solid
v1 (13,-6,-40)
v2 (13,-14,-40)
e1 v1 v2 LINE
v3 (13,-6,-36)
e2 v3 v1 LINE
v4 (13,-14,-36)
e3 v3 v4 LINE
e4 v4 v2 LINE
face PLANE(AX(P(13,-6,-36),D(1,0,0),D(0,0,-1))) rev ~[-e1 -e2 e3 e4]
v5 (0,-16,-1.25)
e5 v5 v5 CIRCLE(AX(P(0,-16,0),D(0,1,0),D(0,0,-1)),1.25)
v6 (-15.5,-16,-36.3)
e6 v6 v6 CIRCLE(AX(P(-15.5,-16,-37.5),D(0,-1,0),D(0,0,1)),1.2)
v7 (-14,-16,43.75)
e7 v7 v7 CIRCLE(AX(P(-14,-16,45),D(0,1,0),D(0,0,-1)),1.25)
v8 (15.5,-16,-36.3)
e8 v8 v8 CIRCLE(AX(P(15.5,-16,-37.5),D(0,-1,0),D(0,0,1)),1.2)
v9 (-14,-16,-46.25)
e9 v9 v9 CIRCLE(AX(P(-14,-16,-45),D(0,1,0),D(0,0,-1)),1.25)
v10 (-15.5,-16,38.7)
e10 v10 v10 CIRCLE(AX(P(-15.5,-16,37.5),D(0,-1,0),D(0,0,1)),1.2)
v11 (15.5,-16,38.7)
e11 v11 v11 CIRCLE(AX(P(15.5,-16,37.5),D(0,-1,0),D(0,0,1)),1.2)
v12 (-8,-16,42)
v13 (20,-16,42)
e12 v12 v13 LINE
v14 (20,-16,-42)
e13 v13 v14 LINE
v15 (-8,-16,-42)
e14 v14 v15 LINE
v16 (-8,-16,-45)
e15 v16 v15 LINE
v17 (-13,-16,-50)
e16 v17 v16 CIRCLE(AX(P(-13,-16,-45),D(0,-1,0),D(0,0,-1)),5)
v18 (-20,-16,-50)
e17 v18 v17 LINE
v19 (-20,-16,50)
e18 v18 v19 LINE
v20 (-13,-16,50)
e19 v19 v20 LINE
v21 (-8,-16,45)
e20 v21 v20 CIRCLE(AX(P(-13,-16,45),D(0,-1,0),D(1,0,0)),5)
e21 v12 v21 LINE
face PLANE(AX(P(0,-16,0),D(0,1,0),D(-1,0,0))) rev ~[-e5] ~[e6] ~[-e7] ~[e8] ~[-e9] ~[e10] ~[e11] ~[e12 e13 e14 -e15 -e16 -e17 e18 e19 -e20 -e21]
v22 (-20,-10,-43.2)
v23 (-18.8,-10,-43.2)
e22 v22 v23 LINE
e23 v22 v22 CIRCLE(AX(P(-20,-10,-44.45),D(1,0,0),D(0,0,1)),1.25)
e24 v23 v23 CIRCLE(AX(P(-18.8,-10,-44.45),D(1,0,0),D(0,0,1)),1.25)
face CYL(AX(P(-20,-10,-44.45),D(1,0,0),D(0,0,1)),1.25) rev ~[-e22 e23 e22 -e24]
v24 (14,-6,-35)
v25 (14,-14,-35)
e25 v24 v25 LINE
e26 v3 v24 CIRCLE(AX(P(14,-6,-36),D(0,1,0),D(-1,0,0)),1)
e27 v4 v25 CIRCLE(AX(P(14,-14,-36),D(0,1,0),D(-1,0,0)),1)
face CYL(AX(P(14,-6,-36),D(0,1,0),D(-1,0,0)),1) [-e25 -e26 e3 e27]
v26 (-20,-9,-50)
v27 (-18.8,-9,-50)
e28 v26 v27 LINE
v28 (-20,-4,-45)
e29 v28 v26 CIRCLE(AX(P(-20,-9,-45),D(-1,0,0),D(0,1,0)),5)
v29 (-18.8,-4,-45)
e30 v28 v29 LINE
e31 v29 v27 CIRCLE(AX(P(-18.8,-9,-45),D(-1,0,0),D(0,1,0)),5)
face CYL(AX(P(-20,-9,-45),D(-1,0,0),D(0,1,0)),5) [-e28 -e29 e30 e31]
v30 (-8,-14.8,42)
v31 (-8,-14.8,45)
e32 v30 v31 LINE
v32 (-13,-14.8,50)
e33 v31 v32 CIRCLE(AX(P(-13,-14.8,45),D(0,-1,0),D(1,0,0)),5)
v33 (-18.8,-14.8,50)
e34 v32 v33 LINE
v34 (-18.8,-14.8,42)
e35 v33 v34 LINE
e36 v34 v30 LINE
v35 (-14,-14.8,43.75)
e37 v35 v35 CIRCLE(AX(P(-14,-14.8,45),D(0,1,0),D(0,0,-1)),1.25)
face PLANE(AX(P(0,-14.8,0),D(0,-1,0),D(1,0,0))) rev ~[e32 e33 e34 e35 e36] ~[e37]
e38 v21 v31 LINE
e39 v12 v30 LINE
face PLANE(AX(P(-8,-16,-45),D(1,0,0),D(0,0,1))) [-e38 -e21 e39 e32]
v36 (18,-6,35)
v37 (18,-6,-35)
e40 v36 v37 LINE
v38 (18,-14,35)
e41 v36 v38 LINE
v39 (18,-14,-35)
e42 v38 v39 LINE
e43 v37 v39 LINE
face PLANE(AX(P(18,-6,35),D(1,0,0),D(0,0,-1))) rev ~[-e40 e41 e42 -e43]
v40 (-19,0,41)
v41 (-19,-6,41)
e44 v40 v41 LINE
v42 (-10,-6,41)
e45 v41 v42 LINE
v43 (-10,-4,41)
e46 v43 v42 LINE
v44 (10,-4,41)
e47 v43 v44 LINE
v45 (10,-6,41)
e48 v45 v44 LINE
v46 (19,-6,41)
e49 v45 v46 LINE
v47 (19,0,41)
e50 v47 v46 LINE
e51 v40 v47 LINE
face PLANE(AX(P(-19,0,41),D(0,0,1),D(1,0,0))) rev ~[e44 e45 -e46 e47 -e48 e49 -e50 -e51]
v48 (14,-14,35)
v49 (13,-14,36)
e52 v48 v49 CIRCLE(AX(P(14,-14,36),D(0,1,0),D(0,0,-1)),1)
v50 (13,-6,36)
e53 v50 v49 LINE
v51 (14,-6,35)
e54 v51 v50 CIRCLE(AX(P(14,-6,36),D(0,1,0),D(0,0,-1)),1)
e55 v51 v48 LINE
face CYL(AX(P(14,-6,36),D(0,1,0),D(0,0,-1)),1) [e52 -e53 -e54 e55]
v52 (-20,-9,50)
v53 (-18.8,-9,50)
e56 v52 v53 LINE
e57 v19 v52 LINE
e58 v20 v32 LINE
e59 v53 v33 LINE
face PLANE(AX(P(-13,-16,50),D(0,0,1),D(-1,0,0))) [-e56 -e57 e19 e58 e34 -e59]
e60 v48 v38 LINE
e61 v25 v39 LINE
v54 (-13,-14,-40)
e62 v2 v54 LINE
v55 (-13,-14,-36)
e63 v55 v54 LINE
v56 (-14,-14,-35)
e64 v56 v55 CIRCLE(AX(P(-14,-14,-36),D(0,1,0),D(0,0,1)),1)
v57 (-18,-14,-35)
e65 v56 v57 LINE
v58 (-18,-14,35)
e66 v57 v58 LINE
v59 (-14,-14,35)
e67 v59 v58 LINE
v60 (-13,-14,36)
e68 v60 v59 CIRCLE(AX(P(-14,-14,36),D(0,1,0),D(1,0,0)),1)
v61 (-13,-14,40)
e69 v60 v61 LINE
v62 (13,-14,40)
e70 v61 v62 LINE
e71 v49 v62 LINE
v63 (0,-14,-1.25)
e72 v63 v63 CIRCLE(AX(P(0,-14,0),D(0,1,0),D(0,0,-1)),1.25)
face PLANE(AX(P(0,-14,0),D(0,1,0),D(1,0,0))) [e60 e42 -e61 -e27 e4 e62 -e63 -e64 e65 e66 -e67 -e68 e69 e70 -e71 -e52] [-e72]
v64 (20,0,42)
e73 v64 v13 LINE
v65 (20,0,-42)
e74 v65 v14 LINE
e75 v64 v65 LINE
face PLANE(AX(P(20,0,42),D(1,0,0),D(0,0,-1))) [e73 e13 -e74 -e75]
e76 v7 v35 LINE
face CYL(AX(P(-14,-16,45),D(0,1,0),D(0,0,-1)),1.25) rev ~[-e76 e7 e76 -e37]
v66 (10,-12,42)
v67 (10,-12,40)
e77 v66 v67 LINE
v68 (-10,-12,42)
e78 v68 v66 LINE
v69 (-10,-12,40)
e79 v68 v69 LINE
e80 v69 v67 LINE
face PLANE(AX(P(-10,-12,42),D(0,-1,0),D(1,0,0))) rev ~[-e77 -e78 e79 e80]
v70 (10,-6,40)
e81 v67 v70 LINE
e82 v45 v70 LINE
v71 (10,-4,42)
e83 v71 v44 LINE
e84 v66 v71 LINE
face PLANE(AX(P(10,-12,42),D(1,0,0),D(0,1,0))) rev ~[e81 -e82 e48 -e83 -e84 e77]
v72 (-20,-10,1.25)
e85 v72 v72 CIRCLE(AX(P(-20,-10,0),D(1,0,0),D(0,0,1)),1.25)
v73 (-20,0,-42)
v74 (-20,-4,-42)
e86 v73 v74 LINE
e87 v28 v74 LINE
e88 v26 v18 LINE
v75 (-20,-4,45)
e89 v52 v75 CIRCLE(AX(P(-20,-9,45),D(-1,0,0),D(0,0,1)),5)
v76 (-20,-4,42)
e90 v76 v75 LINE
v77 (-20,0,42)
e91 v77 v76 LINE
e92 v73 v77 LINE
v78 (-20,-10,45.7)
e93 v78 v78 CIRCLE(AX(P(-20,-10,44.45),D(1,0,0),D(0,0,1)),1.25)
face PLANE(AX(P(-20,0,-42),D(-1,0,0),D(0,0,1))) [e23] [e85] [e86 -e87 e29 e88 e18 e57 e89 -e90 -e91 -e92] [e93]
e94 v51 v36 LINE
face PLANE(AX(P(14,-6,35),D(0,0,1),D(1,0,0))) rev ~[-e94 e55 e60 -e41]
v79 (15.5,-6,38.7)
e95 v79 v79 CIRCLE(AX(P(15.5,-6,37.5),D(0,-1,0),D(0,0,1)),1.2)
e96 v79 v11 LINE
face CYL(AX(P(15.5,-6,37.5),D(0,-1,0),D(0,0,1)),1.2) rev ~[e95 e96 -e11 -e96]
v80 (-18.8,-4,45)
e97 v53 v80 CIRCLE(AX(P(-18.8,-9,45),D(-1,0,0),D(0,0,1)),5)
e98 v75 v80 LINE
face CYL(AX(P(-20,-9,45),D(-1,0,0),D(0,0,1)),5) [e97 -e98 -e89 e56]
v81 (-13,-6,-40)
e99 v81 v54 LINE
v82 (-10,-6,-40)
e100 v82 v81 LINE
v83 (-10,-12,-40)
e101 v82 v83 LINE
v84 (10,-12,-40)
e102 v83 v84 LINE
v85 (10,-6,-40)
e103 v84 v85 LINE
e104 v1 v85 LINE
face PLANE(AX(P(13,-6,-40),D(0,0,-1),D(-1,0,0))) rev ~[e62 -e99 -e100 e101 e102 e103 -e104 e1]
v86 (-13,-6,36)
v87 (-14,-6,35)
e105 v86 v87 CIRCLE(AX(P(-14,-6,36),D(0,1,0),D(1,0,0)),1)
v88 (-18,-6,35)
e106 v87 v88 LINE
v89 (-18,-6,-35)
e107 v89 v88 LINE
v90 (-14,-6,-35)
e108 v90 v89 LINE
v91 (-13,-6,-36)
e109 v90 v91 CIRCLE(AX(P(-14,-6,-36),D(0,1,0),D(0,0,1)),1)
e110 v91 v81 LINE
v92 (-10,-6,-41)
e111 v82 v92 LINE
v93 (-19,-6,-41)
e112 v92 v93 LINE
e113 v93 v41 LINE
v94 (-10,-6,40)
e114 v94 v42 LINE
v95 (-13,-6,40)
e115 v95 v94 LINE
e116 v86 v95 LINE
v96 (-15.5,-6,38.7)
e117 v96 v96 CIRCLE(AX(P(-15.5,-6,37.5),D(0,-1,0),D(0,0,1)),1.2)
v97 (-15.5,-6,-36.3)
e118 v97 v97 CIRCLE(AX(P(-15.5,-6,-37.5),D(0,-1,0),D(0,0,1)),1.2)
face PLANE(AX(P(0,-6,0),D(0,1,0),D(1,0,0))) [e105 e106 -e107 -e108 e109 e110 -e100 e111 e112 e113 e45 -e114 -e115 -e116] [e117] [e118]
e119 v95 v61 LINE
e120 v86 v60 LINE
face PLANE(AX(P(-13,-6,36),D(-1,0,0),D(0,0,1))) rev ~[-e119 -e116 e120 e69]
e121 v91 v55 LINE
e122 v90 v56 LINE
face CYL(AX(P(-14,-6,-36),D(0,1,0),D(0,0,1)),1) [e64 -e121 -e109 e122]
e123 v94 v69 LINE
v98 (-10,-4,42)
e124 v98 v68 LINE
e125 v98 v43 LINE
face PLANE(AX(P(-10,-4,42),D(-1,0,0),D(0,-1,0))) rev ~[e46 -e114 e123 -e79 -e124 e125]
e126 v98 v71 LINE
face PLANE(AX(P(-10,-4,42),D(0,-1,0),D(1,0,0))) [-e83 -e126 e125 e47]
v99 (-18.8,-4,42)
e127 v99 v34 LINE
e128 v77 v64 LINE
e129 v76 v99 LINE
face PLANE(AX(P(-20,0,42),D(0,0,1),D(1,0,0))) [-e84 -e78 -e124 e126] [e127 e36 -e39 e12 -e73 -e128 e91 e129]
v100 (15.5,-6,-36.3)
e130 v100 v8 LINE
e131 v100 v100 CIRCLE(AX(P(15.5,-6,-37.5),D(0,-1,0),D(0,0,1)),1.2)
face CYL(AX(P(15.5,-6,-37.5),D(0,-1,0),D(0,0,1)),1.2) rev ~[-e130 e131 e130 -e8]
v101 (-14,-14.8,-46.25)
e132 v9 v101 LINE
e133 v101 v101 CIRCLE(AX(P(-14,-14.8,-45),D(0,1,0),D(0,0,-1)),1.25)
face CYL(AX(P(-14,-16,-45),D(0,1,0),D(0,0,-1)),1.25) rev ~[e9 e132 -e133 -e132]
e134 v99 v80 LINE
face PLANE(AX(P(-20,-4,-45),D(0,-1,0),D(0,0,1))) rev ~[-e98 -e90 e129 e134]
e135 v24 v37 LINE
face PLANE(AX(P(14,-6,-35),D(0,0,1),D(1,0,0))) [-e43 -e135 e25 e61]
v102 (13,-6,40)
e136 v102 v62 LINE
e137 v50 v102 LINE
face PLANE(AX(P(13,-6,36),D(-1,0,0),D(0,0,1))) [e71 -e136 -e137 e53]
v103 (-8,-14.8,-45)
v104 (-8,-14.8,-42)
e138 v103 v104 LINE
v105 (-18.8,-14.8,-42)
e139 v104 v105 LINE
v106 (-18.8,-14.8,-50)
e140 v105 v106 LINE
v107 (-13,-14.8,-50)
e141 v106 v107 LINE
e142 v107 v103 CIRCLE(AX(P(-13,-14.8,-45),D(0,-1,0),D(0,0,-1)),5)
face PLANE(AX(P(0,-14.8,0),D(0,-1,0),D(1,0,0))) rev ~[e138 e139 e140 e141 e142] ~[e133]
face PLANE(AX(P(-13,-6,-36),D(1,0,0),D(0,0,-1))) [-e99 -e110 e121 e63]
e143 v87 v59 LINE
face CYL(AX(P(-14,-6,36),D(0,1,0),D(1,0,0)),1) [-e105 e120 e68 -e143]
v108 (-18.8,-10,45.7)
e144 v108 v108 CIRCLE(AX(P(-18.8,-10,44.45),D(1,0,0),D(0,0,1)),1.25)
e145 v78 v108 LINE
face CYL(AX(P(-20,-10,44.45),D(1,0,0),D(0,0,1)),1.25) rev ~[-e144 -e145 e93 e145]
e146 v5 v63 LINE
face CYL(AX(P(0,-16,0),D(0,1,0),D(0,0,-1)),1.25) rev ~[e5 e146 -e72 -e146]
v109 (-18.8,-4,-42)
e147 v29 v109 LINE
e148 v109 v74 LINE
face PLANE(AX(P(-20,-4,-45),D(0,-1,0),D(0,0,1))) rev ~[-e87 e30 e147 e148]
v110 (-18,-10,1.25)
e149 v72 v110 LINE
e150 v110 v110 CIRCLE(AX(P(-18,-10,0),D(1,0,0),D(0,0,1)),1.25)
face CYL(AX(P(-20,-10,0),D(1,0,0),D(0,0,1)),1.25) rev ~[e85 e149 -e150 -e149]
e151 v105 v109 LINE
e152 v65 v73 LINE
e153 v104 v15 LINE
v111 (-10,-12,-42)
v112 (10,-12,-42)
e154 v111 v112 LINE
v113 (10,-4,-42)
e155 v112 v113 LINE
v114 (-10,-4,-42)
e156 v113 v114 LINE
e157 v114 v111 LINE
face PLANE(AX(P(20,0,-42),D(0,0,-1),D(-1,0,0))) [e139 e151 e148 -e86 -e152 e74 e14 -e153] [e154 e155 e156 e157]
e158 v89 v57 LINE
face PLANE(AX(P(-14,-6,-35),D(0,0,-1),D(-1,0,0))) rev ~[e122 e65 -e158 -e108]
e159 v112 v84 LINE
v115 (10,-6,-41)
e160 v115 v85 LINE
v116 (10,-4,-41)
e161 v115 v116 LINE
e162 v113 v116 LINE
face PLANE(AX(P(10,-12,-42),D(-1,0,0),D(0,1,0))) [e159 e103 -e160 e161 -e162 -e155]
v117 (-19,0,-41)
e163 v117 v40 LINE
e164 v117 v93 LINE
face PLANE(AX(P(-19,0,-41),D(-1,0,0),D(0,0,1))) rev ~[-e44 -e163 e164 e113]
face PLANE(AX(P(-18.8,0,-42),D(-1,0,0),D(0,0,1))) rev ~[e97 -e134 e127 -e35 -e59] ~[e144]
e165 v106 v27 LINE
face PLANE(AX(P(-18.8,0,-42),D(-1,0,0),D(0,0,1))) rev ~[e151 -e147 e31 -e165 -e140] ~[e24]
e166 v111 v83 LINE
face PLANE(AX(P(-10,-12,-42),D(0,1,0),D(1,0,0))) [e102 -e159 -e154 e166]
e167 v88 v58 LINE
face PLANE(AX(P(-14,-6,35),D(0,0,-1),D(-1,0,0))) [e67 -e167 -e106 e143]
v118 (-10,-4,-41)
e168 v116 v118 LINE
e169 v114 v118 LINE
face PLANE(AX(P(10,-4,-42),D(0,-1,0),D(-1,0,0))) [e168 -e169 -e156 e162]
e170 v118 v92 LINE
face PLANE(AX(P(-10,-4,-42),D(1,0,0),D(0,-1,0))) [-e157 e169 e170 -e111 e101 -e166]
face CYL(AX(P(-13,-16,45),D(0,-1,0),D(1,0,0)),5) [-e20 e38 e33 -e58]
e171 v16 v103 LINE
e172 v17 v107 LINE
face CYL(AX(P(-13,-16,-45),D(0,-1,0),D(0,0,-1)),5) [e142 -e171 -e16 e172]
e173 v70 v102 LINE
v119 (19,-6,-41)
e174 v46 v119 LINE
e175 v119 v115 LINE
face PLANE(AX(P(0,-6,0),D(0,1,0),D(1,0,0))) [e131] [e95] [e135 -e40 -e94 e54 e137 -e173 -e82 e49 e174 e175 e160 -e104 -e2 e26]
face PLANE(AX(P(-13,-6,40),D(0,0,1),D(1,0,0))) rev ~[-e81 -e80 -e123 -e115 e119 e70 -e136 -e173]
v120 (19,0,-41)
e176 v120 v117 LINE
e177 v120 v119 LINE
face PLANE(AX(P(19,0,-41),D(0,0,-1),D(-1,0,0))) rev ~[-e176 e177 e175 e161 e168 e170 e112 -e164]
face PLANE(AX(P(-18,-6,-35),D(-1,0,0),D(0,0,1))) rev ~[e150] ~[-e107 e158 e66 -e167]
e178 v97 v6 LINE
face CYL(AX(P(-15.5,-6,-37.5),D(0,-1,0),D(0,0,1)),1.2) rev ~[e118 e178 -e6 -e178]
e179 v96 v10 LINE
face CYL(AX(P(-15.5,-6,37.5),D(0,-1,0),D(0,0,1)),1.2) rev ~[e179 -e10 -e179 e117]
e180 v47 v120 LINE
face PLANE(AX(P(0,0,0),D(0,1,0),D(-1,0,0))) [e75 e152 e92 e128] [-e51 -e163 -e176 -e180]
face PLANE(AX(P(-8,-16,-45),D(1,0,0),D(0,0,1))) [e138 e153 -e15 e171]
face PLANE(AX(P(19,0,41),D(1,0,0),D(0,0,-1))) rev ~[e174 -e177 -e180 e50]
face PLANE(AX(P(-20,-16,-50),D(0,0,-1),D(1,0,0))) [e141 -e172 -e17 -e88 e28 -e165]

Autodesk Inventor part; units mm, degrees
ref_plane "YZ Plane" through (0, 0, 0) normal (1, 0, 0) x (0, 1, 0)
ref_plane "XZ Plane" through (0, 0, 0) normal (0, 1, 0) x (-1, 0, 0)
ref_plane "XY Plane" through (0, 0, 0) normal (0, 0, 1) x (1, 0, 0)
sketch "本体面" plane through (0, 0, 0) normal (0, 1, 0) x (-1, 0, 0)
  line L0 (20, 42) -> (-20, 42)
  line L1 (-20, 42) -> (-20, -42)
  line L2 (-20, -42) -> (20, -42)
  line L3 (20, -42) -> (20, 42)
  line L4 (20, 0) -> (-20, 0) construction
  line L5 (0, 42) -> (0, -42) construction
  point P0 (0, 0)
  point P1 (0, 0)
  dimension "d0" = 84
  dimension "d1" = 40
extrude "本体" add sketch "本体面" against normal blind 16
sketch "背羽形状" plane through (0, -16, 0) normal (0, -1, 0) x (1, 0, 0)
  line L0 (-20, -50) -> (-13, -50)
  line L1 (-8, -45) -> (-8, 45)
  line L2 (-13, 50) -> (-20, 50)
  line L3 (-20, 50) -> (-20, -50)
  line L4 (-20, 42) -> (-20, -42) projected
  arc A0 (-13, -50) -> (-8, -45) centre (-13, -45) ccw
  arc A1 (-8, 45) -> (-13, 50) centre (-13, 45) ccw
  point P0 (0, 0)
  point P1 (-8, 50)
  point P2 (-8, -50)
  point P3 (-20, 0)
  point P4 (-20, 50)
  point P5 (-20, -50)
  dimension "d94" = 100
  dimension "d95" = 12
  dimension "d128" = 5
extrude "背羽" add sketch "背羽形状" against normal blind 1.2
sketch "上羽形状" plane through (-20, 0, -42) normal (-1, 0, 0) x (0, 0, 1)
  line L0 (92, -16) -> (-8, -16)
  line L1 (-8, -16) -> (-8, -9)
  line L2 (-3, -4) -> (87, -4)
  line L3 (92, -9) -> (92, -16)
  line L4 (92, -16) -> (-8, -16) projected
  arc A0 (92, -9) -> (87, -4) centre (87, -9) ccw
  arc A1 (-3, -4) -> (-8, -9) centre (-3, -9) ccw
  point P0 (42, 0)
  point P1 (-8, -4)
  point P2 (92, -4)
  point P3 (42, -16)
  dimension "d122" = 100
  dimension "d123" = 12
  dimension "d124" = 5
  dimension "d125" = 5
extrude "上羽" add sketch "上羽形状" against normal blind 1.2
sketch "空洞上面" plane through (0, 0, 0) normal (0, 1, 0) x (1, 0, 0)
  line L0 (-19, -41) -> (19, -41)
  line L1 (19, -41) -> (19, 41)
  line L2 (19, 41) -> (-19, 41)
  line L3 (-19, 41) -> (-19, -41)
  line L4 (-19, 0) -> (19, 0) construction
  line L5 (0, -41) -> (0, 41) construction
  point P0 (0, 0)
  point P1 (0, 0)
  dimension "d4" = 82
  dimension "d5" = 38
extrude "空洞上" cut sketch "空洞上面" against normal blind 6
sketch "空洞下面" plane through (0, -6, 0) normal (0, 1, 0) x (1, 0, 0)
  line L0 (-13, -40) -> (13, -40)
  line L1 (18, -35) -> (18, 35)
  line L2 (13, 40) -> (-13, 40)
  line L3 (-18, 35) -> (-18, -35)
  line L4 (-18, 0) -> (18, 0) construction
  line L5 (0, -40) -> (0, 40) construction
  line L6 (-14, -35) -> (-18, -35)
  line L7 (-13, -36) -> (-13, -40)
  line L8 (14, -35) -> (18, -35)
  line L9 (13, -36) -> (13, -40)
  line L10 (-14, 35) -> (-18, 35)
  line L11 (-13, 36) -> (-13, 40)
  line L12 (14, 35) -> (18, 35)
  line L13 (13, 36) -> (13, 40)
  arc A0 (-13, -36) -> (-14, -35) centre (-14, -36) ccw
  arc A1 (14, -35) -> (13, -36) centre (14, -36) ccw
  arc A2 (-14, 35) -> (-13, 36) centre (-14, 36) ccw
  arc A3 (13, 36) -> (14, 35) centre (14, 36) ccw
  point P0 (0, 0)
  point P1 (0, 0)
  point P2 (-13, -35)
  point P3 (13, -35)
  point P4 (-13, 35)
  point P5 (13, 35)
  dimension "d10" = 36
  dimension "d11" = 80
  dimension "d12" = 5
  dimension "d13" = 5
  dimension "d14" = 5
  dimension "d15" = 5
  dimension "d16" = 5
  dimension "d17" = 5
  dimension "d18" = 5
  dimension "d19" = 5
  dimension "d20" = 1
extrude "空洞下" cut sketch "空洞下面" against normal blind 8
sketch "取付穴位置" plane through (0, -6, 0) normal (0, 1, 0) x (1, 0, 0)
  line L0 (0, 37.5) -> (0, -37.5) construction
  line L1 (-15.5, -37.5) -> (15.5, -37.5) construction
  line L2 (-15.5, 37.5) -> (15.5, 37.5) construction
  point P0 (0, 0)
  point P1 (0, 0)
  dimension "d26" = 75
  dimension "d27" = 31
  dimension "d28" = 31
hole "取付穴" at (-15.5, -6, 37.5) at (15.5, -6, 37.5) at (-15.5, -6, -37.5) at (15.5, -6, -37.5) direction (0, -1, 0) diameter 2.4 depth 20 tip angle 118
sketch "ケーブル穴右形状" plane through (20, 0, -42) normal (0, 0, -1) x (-1, 0, 0)
  line L0 (0, 0) -> (20, 0) construction
  line L1 (20, 0) -> (20, -8) construction
  line L2 (20, -4) -> (20, -12) construction
  line L3 (10, -4) -> (30, -4)
  line L4 (30, -4) -> (30, -12)
  line L5 (30, -12) -> (10, -12)
  line L6 (10, -12) -> (10, -4)
  line L7 (10, -4) -> (30, -12) construction
  line L8 (30, -4) -> (10, -12) construction
  point P0 (20, 0)
  point P1 (24, -8)
  dimension "d76" = 20
  dimension "d155" = 8
  dimension "d156" = 20
extrude "ケーブル穴右" cut sketch "ケーブル穴右形状" against normal blind 5
sketch "ケーブル穴左形状" plane through (-20, 0, 42) normal (0, 0, 1) x (1, 0, 0)
  line L0 (0, 0) -> (20, 0) construction
  line L1 (20, 0) -> (20, -8) construction
  line L2 (20, -4) -> (20, -12) construction
  line L3 (10, -4) -> (30, -4) projected
  line L4 (10, -12) -> (30, -12)
  line L5 (30, -12) -> (30, -4)
  line L6 (30, -4) -> (10, -4)
  line L7 (10, -4) -> (10, -12)
  line L8 (10, -12) -> (30, -4) construction
  line L9 (30, -12) -> (10, -4) construction
  point P0 (20, 0)
  dimension "d98" = 20
  dimension "d99" = 8
  dimension "d101" = 8
  dimension "d157" = 20
extrude "ケーブル穴左" cut sketch "ケーブル穴左形状" against normal blind 5
sketch "上穴位置" plane through (-20, 0, -42) normal (-1, 0, 0) x (0, 0, 1)
  line L0 (42, -16) -> (42, -10) construction
  line L1 (92, -16) -> (-8, -16) construction
  line L2 (86.45, -10) -> (-2.45, -10) construction
  point P0 (42, 0)
  dimension "d129" = 6
  dimension "d130" = 88.9
hole "上穴" at (-20, -10, 44.45) at (-20, -10, 0) at (-20, -10, -44.45) direction (1, 0, 0) diameter 2.5 depth 8 tip angle 118
sketch "背穴位置" plane through (0, -16, 0) normal (0, -1, 0) x (1, 0, 0)
  line L0 (-20, 0) -> (20, 0) construction
  line L1 (-20, 50) -> (-20, -50) construction
  line L2 (-14, -45) -> (-14, 45) construction
  line L3 (20, -42) -> (20, 42) construction
  point P0 (0, 0)
  point P1 (-14, 0)
  point P2 (0, 0)
  dimension "d139" = 90
  dimension "d147" = 6
hole "背穴" at (-14, -16, -45) at (-14, -16, 45) at (0, -16, 0) direction (0, 1, 0) diameter 2.5 depth 8 tip angle 118
properties part number "OLED_holder"
